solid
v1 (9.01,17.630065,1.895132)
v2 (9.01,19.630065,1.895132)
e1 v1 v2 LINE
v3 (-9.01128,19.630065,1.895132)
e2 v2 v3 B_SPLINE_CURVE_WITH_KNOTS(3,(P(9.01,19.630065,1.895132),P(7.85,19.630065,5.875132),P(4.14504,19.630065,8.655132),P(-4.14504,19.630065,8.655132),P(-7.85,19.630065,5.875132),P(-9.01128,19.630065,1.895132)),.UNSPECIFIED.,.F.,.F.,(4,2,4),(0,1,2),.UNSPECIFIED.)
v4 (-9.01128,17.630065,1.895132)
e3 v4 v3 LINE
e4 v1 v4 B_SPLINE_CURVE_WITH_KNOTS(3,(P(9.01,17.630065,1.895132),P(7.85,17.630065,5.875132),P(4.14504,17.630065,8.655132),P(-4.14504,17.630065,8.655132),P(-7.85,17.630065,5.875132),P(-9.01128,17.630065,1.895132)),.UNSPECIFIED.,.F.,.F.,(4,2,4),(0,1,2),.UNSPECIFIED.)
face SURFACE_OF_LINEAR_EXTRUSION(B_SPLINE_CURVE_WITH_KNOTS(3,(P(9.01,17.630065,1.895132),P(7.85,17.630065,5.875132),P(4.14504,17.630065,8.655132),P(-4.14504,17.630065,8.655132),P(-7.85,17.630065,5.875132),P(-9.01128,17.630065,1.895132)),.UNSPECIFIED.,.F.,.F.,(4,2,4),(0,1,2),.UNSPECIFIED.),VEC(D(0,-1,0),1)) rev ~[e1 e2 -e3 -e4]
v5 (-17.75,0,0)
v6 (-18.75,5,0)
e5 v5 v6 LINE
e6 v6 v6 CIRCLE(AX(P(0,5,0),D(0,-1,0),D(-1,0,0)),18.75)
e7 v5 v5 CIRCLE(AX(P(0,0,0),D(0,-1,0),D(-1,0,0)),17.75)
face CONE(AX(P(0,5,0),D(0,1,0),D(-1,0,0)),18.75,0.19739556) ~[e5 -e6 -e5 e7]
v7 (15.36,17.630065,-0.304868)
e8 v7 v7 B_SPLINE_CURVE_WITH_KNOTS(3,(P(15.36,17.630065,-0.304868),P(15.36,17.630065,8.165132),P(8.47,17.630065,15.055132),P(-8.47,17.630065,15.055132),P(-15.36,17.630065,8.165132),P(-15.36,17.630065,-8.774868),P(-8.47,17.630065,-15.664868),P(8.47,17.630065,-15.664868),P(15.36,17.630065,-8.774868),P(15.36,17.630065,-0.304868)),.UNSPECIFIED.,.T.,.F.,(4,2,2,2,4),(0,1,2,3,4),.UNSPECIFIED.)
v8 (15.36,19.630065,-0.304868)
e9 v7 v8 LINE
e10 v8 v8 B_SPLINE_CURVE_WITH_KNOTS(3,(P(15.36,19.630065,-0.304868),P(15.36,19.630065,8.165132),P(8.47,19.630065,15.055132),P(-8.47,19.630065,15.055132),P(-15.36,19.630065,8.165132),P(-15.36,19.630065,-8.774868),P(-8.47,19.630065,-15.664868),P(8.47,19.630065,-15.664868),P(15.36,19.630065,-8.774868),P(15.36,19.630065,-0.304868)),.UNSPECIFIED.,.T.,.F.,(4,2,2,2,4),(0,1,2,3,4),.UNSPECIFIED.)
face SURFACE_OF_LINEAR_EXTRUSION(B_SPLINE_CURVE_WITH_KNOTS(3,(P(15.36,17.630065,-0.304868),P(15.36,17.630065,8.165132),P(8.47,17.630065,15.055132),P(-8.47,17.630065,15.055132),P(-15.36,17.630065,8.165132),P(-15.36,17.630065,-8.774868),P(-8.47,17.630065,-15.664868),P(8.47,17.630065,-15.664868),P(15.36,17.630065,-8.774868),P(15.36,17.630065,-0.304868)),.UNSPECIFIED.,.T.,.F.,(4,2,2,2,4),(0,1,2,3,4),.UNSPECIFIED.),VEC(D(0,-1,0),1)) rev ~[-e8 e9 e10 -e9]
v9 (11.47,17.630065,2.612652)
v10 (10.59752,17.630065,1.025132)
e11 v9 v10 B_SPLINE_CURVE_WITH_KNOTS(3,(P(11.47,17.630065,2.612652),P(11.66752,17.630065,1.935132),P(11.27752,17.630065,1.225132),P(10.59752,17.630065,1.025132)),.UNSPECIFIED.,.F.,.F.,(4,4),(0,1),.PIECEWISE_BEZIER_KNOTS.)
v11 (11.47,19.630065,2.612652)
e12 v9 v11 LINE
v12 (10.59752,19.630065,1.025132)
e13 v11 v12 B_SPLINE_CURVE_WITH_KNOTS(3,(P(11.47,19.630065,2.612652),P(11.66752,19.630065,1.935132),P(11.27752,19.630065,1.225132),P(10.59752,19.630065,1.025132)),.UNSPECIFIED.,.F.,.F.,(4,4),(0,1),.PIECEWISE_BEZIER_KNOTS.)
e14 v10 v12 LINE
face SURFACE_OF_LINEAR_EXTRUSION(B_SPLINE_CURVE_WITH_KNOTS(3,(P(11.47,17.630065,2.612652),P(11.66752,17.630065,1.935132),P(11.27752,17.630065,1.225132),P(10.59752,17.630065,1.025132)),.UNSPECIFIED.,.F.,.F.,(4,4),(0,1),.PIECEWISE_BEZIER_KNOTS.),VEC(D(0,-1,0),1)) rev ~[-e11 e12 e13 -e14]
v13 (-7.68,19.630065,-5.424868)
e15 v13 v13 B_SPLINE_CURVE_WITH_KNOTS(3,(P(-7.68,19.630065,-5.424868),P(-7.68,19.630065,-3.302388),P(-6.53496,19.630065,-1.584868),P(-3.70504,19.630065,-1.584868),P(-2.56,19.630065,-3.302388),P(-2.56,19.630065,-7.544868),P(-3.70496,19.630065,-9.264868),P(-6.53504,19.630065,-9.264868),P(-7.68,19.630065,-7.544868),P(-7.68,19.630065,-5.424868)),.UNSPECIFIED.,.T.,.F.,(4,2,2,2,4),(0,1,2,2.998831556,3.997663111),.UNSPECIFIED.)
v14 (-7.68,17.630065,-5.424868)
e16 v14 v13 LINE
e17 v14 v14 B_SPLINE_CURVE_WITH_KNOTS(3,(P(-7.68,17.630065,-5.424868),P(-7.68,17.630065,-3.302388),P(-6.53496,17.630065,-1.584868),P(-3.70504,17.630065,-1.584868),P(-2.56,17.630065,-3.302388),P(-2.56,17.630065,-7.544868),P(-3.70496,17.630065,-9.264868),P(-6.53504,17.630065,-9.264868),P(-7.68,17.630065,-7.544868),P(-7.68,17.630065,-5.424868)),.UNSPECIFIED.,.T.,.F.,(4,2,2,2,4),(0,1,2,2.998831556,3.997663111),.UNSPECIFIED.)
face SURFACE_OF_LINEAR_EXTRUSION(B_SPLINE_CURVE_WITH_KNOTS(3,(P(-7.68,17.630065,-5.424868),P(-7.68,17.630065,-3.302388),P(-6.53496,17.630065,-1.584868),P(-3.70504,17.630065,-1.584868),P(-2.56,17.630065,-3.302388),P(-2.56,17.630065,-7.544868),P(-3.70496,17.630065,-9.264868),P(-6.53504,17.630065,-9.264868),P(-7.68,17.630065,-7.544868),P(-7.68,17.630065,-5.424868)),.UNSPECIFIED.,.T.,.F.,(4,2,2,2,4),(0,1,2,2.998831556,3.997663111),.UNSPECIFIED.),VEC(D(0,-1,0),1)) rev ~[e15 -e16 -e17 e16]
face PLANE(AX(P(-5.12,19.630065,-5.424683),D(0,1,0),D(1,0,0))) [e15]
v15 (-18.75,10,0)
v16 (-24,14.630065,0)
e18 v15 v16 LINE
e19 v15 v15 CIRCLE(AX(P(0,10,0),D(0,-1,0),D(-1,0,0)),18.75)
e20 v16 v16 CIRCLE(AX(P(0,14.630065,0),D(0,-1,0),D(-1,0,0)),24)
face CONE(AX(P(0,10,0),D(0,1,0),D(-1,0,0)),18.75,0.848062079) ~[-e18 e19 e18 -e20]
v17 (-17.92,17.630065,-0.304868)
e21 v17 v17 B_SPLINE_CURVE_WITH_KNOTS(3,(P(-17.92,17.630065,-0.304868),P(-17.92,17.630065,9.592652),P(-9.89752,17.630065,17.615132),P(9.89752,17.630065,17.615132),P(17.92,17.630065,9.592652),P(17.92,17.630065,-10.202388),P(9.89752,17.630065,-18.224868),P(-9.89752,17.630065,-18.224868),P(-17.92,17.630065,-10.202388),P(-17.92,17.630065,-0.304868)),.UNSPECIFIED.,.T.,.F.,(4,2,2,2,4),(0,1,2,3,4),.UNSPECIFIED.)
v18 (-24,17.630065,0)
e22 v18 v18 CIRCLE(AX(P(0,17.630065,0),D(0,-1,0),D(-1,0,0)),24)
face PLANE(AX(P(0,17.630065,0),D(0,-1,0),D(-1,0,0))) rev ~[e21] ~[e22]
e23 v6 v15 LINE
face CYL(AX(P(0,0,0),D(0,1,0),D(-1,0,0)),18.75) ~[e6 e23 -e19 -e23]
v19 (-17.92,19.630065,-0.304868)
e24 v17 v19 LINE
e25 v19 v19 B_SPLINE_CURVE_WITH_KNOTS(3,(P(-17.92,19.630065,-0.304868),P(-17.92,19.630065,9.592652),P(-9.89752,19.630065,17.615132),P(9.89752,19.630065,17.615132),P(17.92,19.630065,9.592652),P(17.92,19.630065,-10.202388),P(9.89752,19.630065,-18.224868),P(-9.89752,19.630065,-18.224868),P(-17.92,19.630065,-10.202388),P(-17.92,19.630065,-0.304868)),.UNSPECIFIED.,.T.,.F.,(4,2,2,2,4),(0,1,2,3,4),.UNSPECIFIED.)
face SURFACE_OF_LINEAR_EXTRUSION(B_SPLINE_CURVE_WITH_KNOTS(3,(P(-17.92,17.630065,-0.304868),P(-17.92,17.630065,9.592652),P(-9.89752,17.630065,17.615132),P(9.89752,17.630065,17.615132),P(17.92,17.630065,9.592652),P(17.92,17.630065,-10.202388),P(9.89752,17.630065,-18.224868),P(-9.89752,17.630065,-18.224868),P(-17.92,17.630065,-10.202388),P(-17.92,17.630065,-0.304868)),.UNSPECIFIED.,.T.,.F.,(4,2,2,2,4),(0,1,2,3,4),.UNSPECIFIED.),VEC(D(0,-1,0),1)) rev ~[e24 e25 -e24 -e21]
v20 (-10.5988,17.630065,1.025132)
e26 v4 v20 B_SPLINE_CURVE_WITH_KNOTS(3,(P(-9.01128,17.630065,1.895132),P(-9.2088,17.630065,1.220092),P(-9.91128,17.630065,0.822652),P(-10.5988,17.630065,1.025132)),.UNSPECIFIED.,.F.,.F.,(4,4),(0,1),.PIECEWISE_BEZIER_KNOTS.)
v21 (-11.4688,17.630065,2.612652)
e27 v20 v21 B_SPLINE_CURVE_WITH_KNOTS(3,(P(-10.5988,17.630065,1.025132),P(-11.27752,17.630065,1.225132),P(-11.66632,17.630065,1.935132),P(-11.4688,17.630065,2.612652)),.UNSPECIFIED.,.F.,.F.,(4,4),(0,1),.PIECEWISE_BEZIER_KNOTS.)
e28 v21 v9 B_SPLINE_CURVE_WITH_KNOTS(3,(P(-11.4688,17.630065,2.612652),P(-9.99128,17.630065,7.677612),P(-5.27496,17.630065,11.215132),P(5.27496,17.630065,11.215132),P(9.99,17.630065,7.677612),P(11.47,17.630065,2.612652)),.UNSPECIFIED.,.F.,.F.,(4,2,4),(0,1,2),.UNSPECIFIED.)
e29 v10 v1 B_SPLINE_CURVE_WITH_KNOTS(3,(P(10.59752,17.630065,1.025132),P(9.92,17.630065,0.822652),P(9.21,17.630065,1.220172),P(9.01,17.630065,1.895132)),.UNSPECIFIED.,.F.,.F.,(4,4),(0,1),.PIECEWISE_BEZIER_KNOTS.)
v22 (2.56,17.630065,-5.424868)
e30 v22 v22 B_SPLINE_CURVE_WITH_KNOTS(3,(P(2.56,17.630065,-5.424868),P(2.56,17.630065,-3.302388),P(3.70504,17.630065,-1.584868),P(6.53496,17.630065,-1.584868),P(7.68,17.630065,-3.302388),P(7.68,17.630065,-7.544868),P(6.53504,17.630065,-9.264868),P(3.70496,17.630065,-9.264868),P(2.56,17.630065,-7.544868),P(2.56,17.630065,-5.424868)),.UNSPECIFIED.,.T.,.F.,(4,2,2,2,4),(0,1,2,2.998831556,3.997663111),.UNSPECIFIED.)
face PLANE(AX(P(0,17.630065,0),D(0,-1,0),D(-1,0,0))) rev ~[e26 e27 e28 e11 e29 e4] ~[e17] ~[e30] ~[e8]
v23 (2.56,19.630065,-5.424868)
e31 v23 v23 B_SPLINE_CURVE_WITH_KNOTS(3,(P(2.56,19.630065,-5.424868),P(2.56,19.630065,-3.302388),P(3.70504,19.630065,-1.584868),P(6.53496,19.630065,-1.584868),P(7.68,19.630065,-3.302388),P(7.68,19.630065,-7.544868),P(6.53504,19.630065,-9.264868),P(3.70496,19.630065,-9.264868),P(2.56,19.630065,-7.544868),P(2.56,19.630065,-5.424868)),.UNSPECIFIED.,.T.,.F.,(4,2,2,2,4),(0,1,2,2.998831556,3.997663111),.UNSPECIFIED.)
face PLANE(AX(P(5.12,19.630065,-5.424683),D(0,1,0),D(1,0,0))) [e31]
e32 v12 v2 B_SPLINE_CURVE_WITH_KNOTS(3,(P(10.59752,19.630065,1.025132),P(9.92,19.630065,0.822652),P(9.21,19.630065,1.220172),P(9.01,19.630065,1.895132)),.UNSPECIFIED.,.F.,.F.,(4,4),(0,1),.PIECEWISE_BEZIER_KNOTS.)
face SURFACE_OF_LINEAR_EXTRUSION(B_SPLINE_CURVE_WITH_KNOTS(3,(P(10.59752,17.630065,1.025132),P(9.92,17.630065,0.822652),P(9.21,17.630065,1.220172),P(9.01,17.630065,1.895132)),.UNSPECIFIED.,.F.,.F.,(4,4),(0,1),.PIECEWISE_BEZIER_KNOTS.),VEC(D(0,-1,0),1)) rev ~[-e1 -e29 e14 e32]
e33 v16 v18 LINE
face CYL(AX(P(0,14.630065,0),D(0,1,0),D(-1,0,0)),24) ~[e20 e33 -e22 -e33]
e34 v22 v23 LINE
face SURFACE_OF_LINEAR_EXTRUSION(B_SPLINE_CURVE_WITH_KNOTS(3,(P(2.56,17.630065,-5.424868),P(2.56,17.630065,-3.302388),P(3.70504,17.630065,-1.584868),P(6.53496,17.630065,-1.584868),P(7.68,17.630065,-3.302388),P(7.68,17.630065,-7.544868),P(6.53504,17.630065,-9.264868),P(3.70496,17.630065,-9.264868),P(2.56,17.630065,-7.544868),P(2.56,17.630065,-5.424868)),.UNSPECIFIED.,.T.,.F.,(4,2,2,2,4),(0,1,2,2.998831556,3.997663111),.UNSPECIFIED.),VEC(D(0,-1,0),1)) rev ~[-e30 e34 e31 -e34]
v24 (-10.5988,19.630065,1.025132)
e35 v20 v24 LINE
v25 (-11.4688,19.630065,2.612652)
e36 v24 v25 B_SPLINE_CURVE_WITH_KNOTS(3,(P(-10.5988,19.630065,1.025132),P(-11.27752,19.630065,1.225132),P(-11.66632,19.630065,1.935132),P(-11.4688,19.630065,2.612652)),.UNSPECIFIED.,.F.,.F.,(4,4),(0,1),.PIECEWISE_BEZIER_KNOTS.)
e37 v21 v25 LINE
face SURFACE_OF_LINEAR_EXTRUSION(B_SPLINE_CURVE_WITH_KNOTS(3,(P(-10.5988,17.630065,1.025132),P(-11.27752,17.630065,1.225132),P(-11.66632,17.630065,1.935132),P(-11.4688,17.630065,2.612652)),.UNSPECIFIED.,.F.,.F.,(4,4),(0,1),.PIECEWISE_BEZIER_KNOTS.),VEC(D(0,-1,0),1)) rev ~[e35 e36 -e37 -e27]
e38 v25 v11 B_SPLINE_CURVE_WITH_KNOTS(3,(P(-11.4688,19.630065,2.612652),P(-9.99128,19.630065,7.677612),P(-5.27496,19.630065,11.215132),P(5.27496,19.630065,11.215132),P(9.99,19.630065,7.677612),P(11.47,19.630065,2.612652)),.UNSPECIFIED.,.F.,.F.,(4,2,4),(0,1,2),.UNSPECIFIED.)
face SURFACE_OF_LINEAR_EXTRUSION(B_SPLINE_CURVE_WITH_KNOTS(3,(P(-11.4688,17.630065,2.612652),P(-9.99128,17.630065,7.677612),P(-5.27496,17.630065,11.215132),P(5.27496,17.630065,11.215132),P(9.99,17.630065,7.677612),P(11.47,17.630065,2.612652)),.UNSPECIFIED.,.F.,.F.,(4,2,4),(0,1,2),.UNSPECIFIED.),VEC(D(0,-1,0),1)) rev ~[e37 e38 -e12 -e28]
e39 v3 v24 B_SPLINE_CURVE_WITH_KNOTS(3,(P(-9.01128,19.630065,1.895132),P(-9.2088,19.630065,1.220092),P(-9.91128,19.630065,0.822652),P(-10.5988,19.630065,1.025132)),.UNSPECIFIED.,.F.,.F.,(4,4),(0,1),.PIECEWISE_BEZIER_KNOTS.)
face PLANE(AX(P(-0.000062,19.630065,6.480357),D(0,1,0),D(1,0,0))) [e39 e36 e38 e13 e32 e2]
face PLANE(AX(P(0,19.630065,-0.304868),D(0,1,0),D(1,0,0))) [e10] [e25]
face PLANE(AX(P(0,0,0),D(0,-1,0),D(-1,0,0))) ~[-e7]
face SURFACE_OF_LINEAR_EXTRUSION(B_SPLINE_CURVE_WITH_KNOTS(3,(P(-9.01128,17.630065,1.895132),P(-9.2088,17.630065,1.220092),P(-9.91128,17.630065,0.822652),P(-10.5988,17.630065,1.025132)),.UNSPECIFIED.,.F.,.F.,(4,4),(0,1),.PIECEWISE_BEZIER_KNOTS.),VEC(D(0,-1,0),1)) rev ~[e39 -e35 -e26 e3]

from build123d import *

# Parameters (mm, degrees)
BOSS_EXTRUDE2_DEPTH = 2
CHAMFER1_SIZE       = 1
CHAMFER1_SIZE2      = 5


with BuildPart() as part:
    # Sketch2 → Revolve1 (revolve)
    with BuildSketch(Plane.XY, mode=Mode.PRIVATE) as revolve1_sk:
        Polygon((0, 0), (18.75, 0), (18.75, 10), (24, 14.630064794), (24, 17.630064794), (0, 17.630064794), align=None)
    revolve(revolve1_sk.sketch.rotate(Axis((0, 17.630064794, 0), (0, -1, 0)), 180), axis=Axis((0, 17.630064794, 0), (0, -1, 0)))

    # Sketch3 → Boss-Extrude2 (add)
    # profile 1 of 4: a face of its own
    with BuildSketch(Plane(origin=(0, 17.630064794, 0), x_dir=(1, 0, 0), z_dir=(0, 1, 0))):
        with BuildLine():
            add(Edge.make_bspline(
                [(0, -17.615132118), (9.89752, -17.615132118), (17.92, -9.592652118), (17.92, 0.304867882)],
                knots=[0, 0, 0, 0, 1, 1, 1, 1], degree=3))
            add(Edge.make_bspline(
                [(17.92, 0.304867882), (17.92, 10.202387882), (9.89752, 18.224867882), (0, 18.224867882)],
                knots=[0, 0, 0, 0, 1, 1, 1, 1], degree=3))
            add(Edge.make_bspline(
                [(0, 18.224867882), (-9.89752, 18.224867882), (-17.92, 10.202387882), (-17.92, 0.304867882)],
                knots=[0, 0, 0, 0, 1, 1, 1, 1], degree=3))
            add(Edge.make_bspline(
                [(-17.92, 0.304867882), (-17.92, -9.592652118), (-9.89752, -17.615132118), (0, -17.615132118)],
                knots=[0, 0, 0, 0, 1, 1, 1, 1], degree=3))
        make_face()
        with BuildLine():
            add(Edge.make_bspline(
                [(0, -15.055132118), (-8.47, -15.055132118), (-15.36, -8.165132118), (-15.36, 0.304867882)],
                knots=[0, 0, 0, 0, 1, 1, 1, 1], degree=3))
            add(Edge.make_bspline(
                [(-15.36, 0.304867882), (-15.36, 8.774867882), (-8.47, 15.664867882), (0, 15.664867882)],
                knots=[0, 0, 0, 0, 1, 1, 1, 1], degree=3))
            add(Edge.make_bspline(
                [(0, 15.664867882), (8.47, 15.664867882), (15.36, 8.774867882), (15.36, 0.304867882)],
                knots=[0, 0, 0, 0, 1, 1, 1, 1], degree=3))
            add(Edge.make_bspline(
                [(15.36, 0.304867882), (15.36, -8.165132118), (8.47, -15.055132118), (0, -15.055132118)],
                knots=[0, 0, 0, 0, 1, 1, 1, 1], degree=3))
        make_face(mode=Mode.SUBTRACT)
    # profile 2 of 4: a face of its own
    with BuildSketch(Plane(origin=(0, 17.630064794, 0), x_dir=(1, 0, 0), z_dir=(0, 1, 0))):
        with BuildLine():
            add(Edge.make_bspline(
                [(5.12, 1.584867882), (6.53496, 1.584867882), (7.68, 3.302387882), (7.68, 5.424867882)],
                knots=[0, 0, 0, 0, 1, 1, 1, 1], degree=3))
            add(Edge.make_bspline(
                [(7.68, 5.424867882), (7.68, 7.544867882), (6.53504, 9.264867882), (5.12, 9.264867882)],
                knots=[0, 0, 0, 0, 1, 1, 1, 1], degree=3))
            add(Edge.make_bspline(
                [(5.12, 9.264867882), (3.70496, 9.264867882), (2.56, 7.544867882), (2.56, 5.424867882)],
                knots=[0, 0, 0, 0, 1, 1, 1, 1], degree=3))
            add(Edge.make_bspline(
                [(2.56, 5.424867882), (2.56, 3.302387882), (3.70504, 1.584867882), (5.12, 1.584867882)],
                knots=[0, 0, 0, 0, 1, 1, 1, 1], degree=3))
        make_face()
    # profile 3 of 4: a face of its own
    with BuildSketch(Plane(origin=(0, 17.630064794, 0), x_dir=(1, 0, 0), z_dir=(0, 1, 0))):
        with BuildLine():
            add(Edge.make_bspline(
                [(-5.12, 1.584867882), (-3.70504, 1.584867882), (-2.56, 3.302387882), (-2.56, 5.424867882)],
                knots=[0, 0, 0, 0, 1, 1, 1, 1], degree=3))
            add(Edge.make_bspline(
                [(-2.56, 5.424867882), (-2.56, 7.544867882), (-3.70496, 9.264867882), (-5.12, 9.264867882)],
                knots=[0, 0, 0, 0, 1, 1, 1, 1], degree=3))
            add(Edge.make_bspline(
                [(-5.12, 9.264867882), (-6.53504, 9.264867882), (-7.68, 7.544867882), (-7.68, 5.424867882)],
                knots=[0, 0, 0, 0, 1, 1, 1, 1], degree=3))
            add(Edge.make_bspline(
                [(-7.68, 5.424867882), (-7.68, 3.302387882), (-6.53496, 1.584867882), (-5.12, 1.584867882)],
                knots=[0, 0, 0, 0, 1, 1, 1, 1], degree=3))
        make_face()
    # profile 4 of 4: a face of its own
    with BuildSketch(Plane(origin=(0, 17.630064794, 0), x_dir=(1, 0, 0), z_dir=(0, 1, 0))):
        with BuildLine():
            add(Edge.make_bspline(
                [(0, -11.215132118), (5.27496, -11.215132118), (9.99, -7.677612118), (11.47, -2.612652118)],
                knots=[0, 0, 0, 0, 1, 1, 1, 1], degree=3))
            add(Edge.make_bspline(
                [(11.47, -2.612652118), (11.66752, -1.935132118), (11.27752, -1.225132118), (10.59752, -1.025132118)],
                knots=[0, 0, 0, 0, 1, 1, 1, 1], degree=3))
            add(Edge.make_bspline(
                [(10.59752, -1.025132118), (9.92, -0.822652118), (9.21, -1.220172118), (9.01, -1.895132118)],
                knots=[0, 0, 0, 0, 1, 1, 1, 1], degree=3))
            add(Edge.make_bspline(
                [(9.01, -1.895132118), (7.85, -5.875132118), (4.14504, -8.655132118), (0, -8.655132118)],
                knots=[0, 0, 0, 0, 1, 1, 1, 1], degree=3))
            add(Edge.make_bspline(
                [(0, -8.655132118), (-4.14504, -8.655132118), (-7.85, -5.875132118), (-9.01128, -1.895132118)],
                knots=[0, 0, 0, 0, 1, 1, 1, 1], degree=3))
            add(Edge.make_bspline(
                [(-9.01128, -1.895132118), (-9.2088, -1.220092118), (-9.91128, -0.822652118), (-10.5988, -1.025132118)],
                knots=[0, 0, 0, 0, 1, 1, 1, 1], degree=3))
            add(Edge.make_bspline(
                [(-10.5988, -1.025132118), (-11.27752, -1.225132118), (-11.66632, -1.935132118), (-11.4688, -2.612652118)],
                knots=[0, 0, 0, 0, 1, 1, 1, 1], degree=3))
            add(Edge.make_bspline(
                [(-11.4688, -2.612652118), (-9.99128, -7.677612118), (-5.27496, -11.215132118), (0, -11.215132118)],
                knots=[0, 0, 0, 0, 1, 1, 1, 1], degree=3))
        make_face()
    extrude(amount=BOSS_EXTRUDE2_DEPTH)

    # Chamfer1
    chamfer1_edges = [part.edges().sort_by_distance(p)[0] for p in [
        (18.75, 0, 0),
    ]]
    chamfer1_side = [part.faces().sort_by_distance(p)[0] for p in [
        (0, 0, 0),
    ]]
    chamfer(chamfer1_edges, length=CHAMFER1_SIZE, length2=CHAMFER1_SIZE2, reference=chamfer1_side[0])


solid = part.part
